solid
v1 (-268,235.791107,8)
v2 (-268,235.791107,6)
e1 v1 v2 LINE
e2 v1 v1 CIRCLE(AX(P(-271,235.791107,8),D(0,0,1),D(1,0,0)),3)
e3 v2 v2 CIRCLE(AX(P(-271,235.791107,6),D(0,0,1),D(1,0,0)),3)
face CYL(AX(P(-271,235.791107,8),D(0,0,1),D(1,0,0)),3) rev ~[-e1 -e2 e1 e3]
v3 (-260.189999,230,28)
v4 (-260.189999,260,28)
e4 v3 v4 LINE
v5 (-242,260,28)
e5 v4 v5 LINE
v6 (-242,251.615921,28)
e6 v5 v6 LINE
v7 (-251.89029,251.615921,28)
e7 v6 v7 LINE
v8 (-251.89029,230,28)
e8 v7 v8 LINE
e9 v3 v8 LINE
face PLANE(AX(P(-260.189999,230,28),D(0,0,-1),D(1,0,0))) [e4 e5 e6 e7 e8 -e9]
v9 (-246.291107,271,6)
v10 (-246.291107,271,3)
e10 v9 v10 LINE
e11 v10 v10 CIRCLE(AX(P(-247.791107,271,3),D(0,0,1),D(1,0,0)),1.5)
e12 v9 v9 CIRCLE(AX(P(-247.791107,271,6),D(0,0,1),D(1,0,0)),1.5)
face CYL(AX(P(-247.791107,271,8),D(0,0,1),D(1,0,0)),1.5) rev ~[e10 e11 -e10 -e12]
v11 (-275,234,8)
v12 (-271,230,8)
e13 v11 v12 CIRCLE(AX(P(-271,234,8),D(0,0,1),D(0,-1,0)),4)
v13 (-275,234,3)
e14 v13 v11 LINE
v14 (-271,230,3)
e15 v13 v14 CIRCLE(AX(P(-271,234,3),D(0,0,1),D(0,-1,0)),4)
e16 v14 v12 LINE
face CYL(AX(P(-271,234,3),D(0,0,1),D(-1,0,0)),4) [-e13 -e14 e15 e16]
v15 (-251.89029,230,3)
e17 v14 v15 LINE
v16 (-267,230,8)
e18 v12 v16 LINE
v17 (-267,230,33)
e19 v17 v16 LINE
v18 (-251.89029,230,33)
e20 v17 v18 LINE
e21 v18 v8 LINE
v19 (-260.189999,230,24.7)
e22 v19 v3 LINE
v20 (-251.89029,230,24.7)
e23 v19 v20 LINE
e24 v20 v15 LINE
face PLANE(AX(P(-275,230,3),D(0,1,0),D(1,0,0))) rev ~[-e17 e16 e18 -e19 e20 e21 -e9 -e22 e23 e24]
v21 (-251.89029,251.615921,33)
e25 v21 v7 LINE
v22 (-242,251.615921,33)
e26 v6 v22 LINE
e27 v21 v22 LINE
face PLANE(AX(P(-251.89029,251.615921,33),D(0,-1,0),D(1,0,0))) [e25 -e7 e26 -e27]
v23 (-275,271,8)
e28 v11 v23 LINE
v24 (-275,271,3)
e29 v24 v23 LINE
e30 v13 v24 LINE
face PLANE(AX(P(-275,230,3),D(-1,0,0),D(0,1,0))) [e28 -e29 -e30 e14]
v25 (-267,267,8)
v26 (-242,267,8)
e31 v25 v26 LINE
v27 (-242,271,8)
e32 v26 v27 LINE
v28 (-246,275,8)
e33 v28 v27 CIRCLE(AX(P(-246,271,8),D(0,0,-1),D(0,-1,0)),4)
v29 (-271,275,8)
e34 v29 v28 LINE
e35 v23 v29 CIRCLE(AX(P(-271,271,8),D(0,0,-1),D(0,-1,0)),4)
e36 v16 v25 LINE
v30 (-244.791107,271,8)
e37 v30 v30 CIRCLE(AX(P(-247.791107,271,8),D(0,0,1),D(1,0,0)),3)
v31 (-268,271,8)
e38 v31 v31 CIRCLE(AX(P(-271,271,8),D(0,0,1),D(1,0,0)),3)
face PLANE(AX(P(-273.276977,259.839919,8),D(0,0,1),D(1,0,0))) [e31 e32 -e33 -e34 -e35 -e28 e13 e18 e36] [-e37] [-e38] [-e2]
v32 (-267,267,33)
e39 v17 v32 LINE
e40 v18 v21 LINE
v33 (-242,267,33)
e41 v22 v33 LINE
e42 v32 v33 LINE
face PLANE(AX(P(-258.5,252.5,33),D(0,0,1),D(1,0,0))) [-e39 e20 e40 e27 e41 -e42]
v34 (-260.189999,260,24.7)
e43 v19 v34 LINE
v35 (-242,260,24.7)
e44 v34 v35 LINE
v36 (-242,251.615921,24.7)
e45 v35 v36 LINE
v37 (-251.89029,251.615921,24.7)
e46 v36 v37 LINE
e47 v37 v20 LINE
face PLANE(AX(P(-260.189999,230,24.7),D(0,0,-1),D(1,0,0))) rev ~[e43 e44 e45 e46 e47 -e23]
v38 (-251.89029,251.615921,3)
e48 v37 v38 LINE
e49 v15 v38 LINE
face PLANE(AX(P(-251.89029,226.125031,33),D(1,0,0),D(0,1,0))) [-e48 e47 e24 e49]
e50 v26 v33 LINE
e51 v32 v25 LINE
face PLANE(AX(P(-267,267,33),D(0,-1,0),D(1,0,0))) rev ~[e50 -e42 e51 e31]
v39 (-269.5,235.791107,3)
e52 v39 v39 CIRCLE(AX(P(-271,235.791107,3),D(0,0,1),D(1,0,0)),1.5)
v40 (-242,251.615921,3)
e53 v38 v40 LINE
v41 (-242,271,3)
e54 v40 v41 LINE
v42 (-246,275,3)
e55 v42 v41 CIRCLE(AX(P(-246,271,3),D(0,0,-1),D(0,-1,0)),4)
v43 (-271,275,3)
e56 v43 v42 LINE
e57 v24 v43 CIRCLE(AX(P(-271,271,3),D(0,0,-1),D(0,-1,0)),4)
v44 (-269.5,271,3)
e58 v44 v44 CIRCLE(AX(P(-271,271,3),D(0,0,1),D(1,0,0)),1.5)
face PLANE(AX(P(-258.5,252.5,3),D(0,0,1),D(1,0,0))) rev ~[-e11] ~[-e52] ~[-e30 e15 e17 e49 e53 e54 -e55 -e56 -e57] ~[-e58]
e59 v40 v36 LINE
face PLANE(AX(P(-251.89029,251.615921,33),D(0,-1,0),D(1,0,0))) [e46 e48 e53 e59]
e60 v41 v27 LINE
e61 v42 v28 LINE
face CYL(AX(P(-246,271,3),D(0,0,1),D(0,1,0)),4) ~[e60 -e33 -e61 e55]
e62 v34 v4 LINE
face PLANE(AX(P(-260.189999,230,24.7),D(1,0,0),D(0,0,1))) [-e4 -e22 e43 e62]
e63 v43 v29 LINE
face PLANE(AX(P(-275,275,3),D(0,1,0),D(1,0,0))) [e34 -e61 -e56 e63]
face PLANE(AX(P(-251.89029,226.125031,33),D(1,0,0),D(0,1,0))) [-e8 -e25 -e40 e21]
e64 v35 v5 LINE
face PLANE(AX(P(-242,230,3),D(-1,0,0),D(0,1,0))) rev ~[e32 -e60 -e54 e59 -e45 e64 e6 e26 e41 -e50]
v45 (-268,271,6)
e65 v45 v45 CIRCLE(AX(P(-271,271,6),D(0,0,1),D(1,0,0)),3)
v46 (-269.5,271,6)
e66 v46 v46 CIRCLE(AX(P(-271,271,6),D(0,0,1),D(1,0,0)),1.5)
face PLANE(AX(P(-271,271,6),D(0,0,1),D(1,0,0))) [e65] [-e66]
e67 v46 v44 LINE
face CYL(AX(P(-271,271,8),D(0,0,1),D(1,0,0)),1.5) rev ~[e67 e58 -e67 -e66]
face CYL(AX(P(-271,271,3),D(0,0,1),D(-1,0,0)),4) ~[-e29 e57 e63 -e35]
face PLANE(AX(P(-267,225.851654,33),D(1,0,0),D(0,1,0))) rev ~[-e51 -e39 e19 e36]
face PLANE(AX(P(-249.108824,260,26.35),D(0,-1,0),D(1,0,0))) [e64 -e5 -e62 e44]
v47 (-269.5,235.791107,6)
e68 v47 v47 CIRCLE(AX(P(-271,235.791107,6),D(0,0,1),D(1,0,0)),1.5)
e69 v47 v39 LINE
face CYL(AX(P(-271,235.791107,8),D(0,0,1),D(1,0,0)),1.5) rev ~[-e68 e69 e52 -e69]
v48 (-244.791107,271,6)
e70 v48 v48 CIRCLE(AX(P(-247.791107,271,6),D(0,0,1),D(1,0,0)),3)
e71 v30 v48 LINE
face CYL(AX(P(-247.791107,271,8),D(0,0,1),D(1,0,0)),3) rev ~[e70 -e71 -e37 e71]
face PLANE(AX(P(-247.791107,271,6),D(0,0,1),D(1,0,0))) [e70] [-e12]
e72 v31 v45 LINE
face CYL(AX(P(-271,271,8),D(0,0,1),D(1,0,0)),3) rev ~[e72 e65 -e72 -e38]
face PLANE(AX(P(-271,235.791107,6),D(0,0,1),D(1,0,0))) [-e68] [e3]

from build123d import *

# Parameters (mm, degrees)
SKETCH021_W     = 33
SKETCH021_H     = 45
PAD004_DEPTH    = 30
POCKET012_DEPTH = 25
SKETCH023_R     = 1.5
POCKET013_DEPTH = 5.001
SKETCH024_R     = 3
POCKET014_DEPTH = 2
FILLET005_R     = 4
SKETCH025_W     = 22.162351
SKETCH025_H     = 3.3
POCKET015_DEPTH = 30
SKETCH026_W     = 15.81044
SKETCH026_H     = 25.49089
POCKET016_DEPTH = 30.001


with BuildPart() as part:
    # Sketch021 → Pad004 (new body)
    with BuildSketch(Plane.XY):
        with Locations((-258.5, 252.5)):
            Rectangle(SKETCH021_W, SKETCH021_H)
    extrude(amount=PAD004_DEPTH)

    # Sketch022 (on Face6 of Pad004) → Pocket012 (cut)
    with BuildSketch(Plane.XY.offset(30)):
        Polygon((-302.024292, 225.851654), (-267, 225.851654), (-267, 267), (-233.564453, 267), (-233.564453, 282.862976), (-302.024292, 282.862976), align=None)
    extrude(amount=-POCKET012_DEPTH, mode=Mode.SUBTRACT)

    # Sketch023 (on Face6 of Pocket012) → Pocket013 (cut, through all)
    with BuildSketch(Plane.XY.offset(5)):
        with Locations((-247.791107, 271)):
            Circle(SKETCH023_R)
        with Locations((-271, 235.791107)):
            Circle(SKETCH023_R)
        with Locations((-271, 271)):
            Circle(SKETCH023_R)
    extrude(amount=-POCKET013_DEPTH, mode=Mode.SUBTRACT)

    # Sketch024 (on Face6 of Pocket013) → Pocket014 (cut)
    with BuildSketch(Plane.XY.offset(5)):
        with Locations((-271, 271)):
            Circle(SKETCH024_R)
        with Locations((-247.791107, 271)):
            Circle(SKETCH024_R)
        with Locations((-271, 235.791107)):
            Circle(SKETCH024_R)
    extrude(amount=-POCKET014_DEPTH, mode=Mode.SUBTRACT)

    # Fillet005
    fillet005_edges = [part.edges().sort_by_distance(p)[0] for p in [
        (-275, 275, 2.5),
        (-242, 275, 2.5),
        (-275, 230, 2.5),
    ]]
    fillet(fillet005_edges, radius=FILLET005_R)

    # Sketch025 (on Face1 of Fillet005) → Pocket015 (cut)
    with BuildSketch(Plane.XZ.offset(-230)):
        with Locations((-249.108824, 23.35)):
            Rectangle(SKETCH025_W, SKETCH025_H)
    extrude(amount=-POCKET015_DEPTH, mode=Mode.SUBTRACT)

    # Sketch026 (on Face7 of Pocket015) → Pocket016 (cut, through all)
    with BuildSketch(Plane.XY.offset(30)):
        with Locations((-243.98507, 238.870476)):
            Rectangle(SKETCH026_W, SKETCH026_H)
    extrude(amount=-POCKET016_DEPTH, mode=Mode.SUBTRACT)


with BuildPart() as part_1:
    # Body004 placement: moved
    add(part.part.moved(Location((0, 0, 3))))


solid = part_1.part
